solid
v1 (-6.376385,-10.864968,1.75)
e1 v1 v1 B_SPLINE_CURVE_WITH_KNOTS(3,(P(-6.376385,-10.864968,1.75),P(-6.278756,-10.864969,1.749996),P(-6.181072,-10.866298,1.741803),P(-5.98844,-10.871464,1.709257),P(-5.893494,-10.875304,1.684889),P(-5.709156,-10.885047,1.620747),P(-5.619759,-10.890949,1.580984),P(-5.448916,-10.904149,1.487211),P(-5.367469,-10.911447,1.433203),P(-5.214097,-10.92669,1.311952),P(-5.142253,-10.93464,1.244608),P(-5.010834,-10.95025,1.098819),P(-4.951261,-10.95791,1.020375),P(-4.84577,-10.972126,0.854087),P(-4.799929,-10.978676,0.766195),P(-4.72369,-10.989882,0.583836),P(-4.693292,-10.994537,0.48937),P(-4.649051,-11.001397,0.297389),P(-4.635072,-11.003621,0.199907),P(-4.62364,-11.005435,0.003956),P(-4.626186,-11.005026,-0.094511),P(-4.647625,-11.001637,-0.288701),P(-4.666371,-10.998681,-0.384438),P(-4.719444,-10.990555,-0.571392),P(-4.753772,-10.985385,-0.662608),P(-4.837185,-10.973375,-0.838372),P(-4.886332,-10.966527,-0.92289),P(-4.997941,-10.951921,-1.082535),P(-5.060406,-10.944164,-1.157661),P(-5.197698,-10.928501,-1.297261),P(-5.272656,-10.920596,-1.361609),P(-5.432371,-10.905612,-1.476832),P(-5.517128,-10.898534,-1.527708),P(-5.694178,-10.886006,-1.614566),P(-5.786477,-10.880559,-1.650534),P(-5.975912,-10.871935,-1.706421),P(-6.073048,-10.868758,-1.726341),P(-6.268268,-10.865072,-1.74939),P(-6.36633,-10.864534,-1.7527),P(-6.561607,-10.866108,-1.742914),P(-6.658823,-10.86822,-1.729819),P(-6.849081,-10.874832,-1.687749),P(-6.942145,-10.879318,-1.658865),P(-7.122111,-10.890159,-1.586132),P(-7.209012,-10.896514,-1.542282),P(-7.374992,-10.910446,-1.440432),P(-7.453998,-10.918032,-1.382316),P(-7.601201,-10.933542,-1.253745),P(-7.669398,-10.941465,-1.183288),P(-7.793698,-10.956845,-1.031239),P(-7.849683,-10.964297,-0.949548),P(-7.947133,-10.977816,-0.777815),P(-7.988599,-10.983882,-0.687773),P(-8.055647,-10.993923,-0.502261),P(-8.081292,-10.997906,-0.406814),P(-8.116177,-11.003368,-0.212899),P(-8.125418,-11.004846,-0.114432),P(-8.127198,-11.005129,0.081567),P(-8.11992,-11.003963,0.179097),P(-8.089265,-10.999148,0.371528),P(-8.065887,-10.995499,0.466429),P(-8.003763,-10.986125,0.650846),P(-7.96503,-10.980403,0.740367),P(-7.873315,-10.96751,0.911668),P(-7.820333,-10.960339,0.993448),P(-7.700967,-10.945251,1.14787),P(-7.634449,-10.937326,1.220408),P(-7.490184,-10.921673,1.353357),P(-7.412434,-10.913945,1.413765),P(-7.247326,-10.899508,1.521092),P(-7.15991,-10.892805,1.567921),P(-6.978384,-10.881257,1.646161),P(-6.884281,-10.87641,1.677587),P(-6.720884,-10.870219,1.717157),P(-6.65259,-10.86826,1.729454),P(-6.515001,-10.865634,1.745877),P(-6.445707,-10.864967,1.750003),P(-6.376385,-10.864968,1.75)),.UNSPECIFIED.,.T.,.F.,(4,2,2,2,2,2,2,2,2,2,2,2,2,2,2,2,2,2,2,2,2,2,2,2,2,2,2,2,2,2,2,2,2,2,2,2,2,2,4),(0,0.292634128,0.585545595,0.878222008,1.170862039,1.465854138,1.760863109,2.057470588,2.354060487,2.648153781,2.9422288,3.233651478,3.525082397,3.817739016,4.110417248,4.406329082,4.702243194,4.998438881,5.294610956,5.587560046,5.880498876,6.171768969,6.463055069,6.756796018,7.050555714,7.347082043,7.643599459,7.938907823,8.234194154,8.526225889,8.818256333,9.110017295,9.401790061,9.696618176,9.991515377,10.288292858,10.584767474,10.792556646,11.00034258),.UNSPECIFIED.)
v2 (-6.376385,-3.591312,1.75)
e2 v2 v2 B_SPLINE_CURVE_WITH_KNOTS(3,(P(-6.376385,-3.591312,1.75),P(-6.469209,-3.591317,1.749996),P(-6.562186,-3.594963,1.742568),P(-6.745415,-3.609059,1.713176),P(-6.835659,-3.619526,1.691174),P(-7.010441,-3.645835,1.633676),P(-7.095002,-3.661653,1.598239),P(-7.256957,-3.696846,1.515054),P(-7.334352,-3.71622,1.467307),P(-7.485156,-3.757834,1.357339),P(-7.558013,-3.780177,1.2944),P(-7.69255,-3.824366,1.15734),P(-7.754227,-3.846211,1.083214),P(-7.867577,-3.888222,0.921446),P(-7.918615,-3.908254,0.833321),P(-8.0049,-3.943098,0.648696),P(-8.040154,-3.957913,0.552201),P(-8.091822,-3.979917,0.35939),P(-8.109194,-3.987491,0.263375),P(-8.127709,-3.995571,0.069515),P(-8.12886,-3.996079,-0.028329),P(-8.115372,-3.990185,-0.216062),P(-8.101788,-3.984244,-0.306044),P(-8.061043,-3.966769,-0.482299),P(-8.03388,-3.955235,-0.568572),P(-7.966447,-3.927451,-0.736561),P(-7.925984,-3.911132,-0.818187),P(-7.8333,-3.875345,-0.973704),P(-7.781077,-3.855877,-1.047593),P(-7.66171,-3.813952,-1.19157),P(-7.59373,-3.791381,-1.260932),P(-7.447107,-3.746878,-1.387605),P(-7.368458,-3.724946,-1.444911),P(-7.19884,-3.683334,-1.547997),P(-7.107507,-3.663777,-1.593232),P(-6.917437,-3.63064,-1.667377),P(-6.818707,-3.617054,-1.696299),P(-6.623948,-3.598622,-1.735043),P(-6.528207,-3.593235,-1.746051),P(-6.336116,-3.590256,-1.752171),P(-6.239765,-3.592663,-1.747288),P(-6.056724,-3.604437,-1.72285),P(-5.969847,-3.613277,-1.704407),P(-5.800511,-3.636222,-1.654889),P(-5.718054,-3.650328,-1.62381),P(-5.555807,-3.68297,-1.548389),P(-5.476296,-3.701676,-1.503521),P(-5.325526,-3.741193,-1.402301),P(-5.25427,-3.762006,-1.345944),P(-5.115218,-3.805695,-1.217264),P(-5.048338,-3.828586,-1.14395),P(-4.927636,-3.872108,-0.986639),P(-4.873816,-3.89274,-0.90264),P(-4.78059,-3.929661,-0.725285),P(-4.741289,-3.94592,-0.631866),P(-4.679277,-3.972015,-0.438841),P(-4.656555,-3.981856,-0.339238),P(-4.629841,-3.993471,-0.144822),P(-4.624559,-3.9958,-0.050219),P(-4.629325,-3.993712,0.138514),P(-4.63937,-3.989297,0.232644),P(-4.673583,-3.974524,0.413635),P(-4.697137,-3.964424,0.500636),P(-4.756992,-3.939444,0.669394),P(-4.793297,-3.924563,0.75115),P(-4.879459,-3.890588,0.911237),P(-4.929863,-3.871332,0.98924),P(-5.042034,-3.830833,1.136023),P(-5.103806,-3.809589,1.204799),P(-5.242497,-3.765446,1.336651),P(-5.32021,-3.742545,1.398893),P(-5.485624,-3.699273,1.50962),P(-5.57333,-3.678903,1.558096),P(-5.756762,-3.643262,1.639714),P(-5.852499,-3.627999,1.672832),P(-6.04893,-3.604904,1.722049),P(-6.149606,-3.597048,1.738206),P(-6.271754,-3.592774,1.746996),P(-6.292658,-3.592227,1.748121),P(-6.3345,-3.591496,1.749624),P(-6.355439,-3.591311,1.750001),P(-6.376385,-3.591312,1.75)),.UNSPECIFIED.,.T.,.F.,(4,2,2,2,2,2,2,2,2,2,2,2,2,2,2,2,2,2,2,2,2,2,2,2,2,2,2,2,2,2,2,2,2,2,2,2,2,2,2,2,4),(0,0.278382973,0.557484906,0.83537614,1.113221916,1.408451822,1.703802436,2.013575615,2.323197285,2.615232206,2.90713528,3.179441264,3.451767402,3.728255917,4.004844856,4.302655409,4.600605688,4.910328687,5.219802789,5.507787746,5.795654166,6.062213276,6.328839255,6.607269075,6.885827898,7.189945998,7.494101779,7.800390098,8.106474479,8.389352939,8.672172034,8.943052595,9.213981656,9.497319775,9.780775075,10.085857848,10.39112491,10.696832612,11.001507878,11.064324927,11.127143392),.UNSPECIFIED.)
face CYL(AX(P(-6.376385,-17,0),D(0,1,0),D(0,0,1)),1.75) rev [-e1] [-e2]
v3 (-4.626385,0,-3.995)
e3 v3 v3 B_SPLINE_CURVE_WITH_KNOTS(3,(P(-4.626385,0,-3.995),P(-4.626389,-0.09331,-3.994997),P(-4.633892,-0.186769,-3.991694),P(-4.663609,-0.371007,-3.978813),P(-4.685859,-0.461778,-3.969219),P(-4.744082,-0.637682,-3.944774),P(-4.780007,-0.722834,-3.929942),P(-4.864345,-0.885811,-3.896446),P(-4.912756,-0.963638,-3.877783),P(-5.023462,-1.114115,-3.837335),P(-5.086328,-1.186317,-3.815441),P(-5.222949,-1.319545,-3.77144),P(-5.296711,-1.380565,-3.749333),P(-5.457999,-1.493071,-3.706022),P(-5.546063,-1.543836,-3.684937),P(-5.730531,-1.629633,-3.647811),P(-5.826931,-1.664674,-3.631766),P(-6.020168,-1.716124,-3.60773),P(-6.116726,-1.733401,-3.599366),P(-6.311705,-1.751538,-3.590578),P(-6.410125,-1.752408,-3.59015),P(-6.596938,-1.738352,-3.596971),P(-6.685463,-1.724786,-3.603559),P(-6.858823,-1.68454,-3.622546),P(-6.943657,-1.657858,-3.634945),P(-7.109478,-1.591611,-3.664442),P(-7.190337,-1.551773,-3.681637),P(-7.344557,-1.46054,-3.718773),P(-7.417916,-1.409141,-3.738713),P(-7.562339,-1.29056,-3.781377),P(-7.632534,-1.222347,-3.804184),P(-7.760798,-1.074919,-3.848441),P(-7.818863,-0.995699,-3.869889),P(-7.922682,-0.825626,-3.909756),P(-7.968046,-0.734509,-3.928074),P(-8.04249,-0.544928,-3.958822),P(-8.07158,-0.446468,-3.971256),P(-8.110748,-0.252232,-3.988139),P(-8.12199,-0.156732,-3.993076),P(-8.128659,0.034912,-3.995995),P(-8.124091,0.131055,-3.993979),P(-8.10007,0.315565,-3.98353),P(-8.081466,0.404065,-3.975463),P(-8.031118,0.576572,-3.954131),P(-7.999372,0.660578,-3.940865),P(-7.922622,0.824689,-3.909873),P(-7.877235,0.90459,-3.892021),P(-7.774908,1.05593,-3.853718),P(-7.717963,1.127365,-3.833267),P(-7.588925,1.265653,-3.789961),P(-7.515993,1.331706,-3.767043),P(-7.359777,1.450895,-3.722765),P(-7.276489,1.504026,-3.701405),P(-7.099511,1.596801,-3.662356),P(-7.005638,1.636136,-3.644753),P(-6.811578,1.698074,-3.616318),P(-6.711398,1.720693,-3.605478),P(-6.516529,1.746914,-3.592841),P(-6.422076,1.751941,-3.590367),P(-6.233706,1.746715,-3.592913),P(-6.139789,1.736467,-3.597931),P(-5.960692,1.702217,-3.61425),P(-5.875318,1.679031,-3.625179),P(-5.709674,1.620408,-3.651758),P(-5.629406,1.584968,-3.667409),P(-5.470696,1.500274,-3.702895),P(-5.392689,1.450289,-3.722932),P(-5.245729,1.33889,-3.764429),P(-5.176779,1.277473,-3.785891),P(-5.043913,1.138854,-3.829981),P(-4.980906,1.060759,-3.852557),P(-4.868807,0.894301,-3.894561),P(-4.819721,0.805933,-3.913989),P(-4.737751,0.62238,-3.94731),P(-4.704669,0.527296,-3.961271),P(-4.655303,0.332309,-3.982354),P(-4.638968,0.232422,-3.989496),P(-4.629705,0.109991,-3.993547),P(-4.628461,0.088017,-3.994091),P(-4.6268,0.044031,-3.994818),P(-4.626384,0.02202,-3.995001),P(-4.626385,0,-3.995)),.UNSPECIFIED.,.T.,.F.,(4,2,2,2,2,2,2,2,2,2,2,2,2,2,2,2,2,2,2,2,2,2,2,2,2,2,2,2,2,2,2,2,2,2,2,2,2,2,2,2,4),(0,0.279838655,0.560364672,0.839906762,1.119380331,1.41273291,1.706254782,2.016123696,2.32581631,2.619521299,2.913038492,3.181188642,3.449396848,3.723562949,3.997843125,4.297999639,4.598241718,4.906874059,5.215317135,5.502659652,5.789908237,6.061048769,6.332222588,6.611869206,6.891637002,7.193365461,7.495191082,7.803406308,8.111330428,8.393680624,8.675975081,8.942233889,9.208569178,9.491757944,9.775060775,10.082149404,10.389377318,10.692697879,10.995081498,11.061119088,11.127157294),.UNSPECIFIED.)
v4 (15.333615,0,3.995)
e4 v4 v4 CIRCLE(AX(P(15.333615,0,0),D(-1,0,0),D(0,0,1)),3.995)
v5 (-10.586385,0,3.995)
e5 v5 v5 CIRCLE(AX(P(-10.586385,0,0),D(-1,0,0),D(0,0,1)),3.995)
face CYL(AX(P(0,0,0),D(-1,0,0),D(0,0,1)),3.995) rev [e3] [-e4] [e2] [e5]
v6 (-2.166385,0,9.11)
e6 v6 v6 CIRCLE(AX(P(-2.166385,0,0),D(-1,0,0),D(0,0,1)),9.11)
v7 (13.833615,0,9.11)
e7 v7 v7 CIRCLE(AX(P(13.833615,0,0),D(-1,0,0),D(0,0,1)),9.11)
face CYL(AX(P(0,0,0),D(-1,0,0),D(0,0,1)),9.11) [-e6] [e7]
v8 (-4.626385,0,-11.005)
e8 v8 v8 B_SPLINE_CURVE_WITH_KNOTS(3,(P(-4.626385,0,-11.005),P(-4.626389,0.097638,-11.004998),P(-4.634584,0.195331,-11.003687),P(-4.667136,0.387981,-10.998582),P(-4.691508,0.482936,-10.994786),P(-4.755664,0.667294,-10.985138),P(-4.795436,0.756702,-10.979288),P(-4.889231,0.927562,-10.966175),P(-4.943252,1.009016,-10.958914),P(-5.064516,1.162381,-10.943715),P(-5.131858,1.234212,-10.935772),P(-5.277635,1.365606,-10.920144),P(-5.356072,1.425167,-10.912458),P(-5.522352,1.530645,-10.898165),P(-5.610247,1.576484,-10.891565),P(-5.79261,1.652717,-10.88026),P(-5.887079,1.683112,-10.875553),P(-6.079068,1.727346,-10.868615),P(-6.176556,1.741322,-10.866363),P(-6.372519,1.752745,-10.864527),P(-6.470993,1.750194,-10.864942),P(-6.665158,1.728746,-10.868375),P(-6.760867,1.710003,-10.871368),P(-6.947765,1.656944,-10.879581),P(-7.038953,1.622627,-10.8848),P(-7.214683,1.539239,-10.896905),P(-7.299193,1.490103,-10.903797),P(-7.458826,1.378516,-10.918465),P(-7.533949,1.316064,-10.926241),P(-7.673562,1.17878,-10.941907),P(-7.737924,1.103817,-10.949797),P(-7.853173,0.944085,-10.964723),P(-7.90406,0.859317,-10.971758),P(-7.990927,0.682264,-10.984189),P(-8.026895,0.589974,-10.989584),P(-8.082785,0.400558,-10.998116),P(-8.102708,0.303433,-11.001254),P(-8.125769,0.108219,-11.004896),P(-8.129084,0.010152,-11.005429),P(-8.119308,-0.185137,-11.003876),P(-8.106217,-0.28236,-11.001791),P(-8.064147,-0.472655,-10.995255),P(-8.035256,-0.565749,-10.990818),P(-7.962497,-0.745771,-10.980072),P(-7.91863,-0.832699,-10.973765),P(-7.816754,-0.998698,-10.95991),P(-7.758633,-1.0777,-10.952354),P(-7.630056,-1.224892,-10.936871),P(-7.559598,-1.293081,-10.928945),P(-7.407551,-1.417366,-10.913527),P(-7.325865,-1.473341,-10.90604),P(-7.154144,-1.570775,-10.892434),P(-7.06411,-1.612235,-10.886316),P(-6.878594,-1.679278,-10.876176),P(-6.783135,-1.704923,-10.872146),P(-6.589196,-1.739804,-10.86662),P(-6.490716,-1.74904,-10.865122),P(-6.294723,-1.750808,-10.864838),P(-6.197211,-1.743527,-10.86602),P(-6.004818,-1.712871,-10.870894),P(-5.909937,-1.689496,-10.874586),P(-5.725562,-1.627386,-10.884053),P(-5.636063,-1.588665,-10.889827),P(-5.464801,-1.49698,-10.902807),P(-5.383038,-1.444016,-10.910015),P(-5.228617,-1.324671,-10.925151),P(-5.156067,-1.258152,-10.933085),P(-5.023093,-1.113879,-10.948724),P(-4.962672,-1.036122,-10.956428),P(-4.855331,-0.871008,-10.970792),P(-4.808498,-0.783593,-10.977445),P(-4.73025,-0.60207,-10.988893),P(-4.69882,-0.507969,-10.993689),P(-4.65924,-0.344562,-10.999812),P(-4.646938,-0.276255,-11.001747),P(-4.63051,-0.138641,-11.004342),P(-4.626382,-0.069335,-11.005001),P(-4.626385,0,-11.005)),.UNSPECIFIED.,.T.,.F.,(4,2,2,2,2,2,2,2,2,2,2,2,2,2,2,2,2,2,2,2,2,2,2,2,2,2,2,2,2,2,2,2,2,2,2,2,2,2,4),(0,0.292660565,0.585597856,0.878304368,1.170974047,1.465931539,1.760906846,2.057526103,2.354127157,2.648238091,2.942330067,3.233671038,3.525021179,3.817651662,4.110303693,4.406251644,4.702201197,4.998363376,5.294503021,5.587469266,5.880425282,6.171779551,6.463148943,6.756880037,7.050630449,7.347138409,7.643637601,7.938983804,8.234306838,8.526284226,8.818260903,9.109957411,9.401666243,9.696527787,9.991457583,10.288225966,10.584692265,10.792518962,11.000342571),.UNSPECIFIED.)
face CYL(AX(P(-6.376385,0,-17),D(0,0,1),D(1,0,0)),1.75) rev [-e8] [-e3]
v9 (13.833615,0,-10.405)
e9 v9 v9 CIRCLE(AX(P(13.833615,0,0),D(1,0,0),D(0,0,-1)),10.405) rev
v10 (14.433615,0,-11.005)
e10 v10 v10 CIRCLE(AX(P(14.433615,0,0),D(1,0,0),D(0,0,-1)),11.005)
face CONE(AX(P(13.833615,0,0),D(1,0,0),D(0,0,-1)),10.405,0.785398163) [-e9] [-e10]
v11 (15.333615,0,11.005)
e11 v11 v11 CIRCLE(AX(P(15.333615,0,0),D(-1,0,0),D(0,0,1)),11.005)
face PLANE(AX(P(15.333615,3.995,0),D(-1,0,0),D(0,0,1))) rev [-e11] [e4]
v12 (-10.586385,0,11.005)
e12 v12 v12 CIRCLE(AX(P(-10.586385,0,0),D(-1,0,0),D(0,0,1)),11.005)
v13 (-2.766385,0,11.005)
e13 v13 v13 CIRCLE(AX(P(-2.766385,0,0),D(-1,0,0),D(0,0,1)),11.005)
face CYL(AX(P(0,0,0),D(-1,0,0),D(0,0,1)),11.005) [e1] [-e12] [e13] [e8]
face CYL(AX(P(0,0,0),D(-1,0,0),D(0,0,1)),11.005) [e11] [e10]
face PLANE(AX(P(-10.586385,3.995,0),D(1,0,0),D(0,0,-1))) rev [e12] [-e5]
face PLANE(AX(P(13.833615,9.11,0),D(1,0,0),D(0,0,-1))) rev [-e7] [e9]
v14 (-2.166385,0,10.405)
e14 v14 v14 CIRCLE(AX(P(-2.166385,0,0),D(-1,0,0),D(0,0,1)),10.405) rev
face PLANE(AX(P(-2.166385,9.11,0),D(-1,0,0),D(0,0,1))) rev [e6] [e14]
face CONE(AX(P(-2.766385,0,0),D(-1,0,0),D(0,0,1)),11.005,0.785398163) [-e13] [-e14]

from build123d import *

# Parameters (mm, degrees)
SKETCH2_R          = 1.75
CUT_EXTRUDE1_DEPTH = 17
CIRPATTERN1_COUNT  = 2
CIRPATTERN1_ANGLE  = 90
CHAMFER1_SIZE      = 0.6


with BuildPart() as part:
    # Sketch1 → Revolve1 (revolve)
    with BuildSketch(Plane.XY):
        Polygon((-10.58638484, 3.995), (-7.464927114, 3.995), (-1.431661808, 3.995), (15.33361516, 3.995), (15.33361516, 11.005), (13.83361516, 11.005), (13.83361516, 9.11), (-2.16638484, 9.11), (-2.16638484, 11.005), (-10.58638484, 11.005), align=None)
    revolve(axis=Axis((0, 0, 0), (1, 0, 0)))

    # Sketch2 → Cut-Extrude1 (cut)
    with BuildSketch(Plane.XY):
        with Locations((-6.37638484, 0)):
            Circle(SKETCH2_R)
    cut_extrude1 = extrude(amount=-CUT_EXTRUDE1_DEPTH, mode=Mode.SUBTRACT)

    # CirPattern1: Cut-Extrude1 ×2 about axis
    cirpattern1_axis = Axis((-10.58638484, 0, 0), (-1, 0, 0))
    for i in range(1, CIRPATTERN1_COUNT):
        add(cut_extrude1.rotate(cirpattern1_axis, i * CIRPATTERN1_ANGLE / (CIRPATTERN1_COUNT - 1)), mode=Mode.SUBTRACT)

    # Chamfer1
    chamfer1_edges = [part.edges().sort_by_distance(p)[0] for p in [
        (-2.16638484, -11.005, 0),
        (13.83361516, -11.005, 0),
    ]]
    chamfer(chamfer1_edges, length=CHAMFER1_SIZE)


solid = part.part
